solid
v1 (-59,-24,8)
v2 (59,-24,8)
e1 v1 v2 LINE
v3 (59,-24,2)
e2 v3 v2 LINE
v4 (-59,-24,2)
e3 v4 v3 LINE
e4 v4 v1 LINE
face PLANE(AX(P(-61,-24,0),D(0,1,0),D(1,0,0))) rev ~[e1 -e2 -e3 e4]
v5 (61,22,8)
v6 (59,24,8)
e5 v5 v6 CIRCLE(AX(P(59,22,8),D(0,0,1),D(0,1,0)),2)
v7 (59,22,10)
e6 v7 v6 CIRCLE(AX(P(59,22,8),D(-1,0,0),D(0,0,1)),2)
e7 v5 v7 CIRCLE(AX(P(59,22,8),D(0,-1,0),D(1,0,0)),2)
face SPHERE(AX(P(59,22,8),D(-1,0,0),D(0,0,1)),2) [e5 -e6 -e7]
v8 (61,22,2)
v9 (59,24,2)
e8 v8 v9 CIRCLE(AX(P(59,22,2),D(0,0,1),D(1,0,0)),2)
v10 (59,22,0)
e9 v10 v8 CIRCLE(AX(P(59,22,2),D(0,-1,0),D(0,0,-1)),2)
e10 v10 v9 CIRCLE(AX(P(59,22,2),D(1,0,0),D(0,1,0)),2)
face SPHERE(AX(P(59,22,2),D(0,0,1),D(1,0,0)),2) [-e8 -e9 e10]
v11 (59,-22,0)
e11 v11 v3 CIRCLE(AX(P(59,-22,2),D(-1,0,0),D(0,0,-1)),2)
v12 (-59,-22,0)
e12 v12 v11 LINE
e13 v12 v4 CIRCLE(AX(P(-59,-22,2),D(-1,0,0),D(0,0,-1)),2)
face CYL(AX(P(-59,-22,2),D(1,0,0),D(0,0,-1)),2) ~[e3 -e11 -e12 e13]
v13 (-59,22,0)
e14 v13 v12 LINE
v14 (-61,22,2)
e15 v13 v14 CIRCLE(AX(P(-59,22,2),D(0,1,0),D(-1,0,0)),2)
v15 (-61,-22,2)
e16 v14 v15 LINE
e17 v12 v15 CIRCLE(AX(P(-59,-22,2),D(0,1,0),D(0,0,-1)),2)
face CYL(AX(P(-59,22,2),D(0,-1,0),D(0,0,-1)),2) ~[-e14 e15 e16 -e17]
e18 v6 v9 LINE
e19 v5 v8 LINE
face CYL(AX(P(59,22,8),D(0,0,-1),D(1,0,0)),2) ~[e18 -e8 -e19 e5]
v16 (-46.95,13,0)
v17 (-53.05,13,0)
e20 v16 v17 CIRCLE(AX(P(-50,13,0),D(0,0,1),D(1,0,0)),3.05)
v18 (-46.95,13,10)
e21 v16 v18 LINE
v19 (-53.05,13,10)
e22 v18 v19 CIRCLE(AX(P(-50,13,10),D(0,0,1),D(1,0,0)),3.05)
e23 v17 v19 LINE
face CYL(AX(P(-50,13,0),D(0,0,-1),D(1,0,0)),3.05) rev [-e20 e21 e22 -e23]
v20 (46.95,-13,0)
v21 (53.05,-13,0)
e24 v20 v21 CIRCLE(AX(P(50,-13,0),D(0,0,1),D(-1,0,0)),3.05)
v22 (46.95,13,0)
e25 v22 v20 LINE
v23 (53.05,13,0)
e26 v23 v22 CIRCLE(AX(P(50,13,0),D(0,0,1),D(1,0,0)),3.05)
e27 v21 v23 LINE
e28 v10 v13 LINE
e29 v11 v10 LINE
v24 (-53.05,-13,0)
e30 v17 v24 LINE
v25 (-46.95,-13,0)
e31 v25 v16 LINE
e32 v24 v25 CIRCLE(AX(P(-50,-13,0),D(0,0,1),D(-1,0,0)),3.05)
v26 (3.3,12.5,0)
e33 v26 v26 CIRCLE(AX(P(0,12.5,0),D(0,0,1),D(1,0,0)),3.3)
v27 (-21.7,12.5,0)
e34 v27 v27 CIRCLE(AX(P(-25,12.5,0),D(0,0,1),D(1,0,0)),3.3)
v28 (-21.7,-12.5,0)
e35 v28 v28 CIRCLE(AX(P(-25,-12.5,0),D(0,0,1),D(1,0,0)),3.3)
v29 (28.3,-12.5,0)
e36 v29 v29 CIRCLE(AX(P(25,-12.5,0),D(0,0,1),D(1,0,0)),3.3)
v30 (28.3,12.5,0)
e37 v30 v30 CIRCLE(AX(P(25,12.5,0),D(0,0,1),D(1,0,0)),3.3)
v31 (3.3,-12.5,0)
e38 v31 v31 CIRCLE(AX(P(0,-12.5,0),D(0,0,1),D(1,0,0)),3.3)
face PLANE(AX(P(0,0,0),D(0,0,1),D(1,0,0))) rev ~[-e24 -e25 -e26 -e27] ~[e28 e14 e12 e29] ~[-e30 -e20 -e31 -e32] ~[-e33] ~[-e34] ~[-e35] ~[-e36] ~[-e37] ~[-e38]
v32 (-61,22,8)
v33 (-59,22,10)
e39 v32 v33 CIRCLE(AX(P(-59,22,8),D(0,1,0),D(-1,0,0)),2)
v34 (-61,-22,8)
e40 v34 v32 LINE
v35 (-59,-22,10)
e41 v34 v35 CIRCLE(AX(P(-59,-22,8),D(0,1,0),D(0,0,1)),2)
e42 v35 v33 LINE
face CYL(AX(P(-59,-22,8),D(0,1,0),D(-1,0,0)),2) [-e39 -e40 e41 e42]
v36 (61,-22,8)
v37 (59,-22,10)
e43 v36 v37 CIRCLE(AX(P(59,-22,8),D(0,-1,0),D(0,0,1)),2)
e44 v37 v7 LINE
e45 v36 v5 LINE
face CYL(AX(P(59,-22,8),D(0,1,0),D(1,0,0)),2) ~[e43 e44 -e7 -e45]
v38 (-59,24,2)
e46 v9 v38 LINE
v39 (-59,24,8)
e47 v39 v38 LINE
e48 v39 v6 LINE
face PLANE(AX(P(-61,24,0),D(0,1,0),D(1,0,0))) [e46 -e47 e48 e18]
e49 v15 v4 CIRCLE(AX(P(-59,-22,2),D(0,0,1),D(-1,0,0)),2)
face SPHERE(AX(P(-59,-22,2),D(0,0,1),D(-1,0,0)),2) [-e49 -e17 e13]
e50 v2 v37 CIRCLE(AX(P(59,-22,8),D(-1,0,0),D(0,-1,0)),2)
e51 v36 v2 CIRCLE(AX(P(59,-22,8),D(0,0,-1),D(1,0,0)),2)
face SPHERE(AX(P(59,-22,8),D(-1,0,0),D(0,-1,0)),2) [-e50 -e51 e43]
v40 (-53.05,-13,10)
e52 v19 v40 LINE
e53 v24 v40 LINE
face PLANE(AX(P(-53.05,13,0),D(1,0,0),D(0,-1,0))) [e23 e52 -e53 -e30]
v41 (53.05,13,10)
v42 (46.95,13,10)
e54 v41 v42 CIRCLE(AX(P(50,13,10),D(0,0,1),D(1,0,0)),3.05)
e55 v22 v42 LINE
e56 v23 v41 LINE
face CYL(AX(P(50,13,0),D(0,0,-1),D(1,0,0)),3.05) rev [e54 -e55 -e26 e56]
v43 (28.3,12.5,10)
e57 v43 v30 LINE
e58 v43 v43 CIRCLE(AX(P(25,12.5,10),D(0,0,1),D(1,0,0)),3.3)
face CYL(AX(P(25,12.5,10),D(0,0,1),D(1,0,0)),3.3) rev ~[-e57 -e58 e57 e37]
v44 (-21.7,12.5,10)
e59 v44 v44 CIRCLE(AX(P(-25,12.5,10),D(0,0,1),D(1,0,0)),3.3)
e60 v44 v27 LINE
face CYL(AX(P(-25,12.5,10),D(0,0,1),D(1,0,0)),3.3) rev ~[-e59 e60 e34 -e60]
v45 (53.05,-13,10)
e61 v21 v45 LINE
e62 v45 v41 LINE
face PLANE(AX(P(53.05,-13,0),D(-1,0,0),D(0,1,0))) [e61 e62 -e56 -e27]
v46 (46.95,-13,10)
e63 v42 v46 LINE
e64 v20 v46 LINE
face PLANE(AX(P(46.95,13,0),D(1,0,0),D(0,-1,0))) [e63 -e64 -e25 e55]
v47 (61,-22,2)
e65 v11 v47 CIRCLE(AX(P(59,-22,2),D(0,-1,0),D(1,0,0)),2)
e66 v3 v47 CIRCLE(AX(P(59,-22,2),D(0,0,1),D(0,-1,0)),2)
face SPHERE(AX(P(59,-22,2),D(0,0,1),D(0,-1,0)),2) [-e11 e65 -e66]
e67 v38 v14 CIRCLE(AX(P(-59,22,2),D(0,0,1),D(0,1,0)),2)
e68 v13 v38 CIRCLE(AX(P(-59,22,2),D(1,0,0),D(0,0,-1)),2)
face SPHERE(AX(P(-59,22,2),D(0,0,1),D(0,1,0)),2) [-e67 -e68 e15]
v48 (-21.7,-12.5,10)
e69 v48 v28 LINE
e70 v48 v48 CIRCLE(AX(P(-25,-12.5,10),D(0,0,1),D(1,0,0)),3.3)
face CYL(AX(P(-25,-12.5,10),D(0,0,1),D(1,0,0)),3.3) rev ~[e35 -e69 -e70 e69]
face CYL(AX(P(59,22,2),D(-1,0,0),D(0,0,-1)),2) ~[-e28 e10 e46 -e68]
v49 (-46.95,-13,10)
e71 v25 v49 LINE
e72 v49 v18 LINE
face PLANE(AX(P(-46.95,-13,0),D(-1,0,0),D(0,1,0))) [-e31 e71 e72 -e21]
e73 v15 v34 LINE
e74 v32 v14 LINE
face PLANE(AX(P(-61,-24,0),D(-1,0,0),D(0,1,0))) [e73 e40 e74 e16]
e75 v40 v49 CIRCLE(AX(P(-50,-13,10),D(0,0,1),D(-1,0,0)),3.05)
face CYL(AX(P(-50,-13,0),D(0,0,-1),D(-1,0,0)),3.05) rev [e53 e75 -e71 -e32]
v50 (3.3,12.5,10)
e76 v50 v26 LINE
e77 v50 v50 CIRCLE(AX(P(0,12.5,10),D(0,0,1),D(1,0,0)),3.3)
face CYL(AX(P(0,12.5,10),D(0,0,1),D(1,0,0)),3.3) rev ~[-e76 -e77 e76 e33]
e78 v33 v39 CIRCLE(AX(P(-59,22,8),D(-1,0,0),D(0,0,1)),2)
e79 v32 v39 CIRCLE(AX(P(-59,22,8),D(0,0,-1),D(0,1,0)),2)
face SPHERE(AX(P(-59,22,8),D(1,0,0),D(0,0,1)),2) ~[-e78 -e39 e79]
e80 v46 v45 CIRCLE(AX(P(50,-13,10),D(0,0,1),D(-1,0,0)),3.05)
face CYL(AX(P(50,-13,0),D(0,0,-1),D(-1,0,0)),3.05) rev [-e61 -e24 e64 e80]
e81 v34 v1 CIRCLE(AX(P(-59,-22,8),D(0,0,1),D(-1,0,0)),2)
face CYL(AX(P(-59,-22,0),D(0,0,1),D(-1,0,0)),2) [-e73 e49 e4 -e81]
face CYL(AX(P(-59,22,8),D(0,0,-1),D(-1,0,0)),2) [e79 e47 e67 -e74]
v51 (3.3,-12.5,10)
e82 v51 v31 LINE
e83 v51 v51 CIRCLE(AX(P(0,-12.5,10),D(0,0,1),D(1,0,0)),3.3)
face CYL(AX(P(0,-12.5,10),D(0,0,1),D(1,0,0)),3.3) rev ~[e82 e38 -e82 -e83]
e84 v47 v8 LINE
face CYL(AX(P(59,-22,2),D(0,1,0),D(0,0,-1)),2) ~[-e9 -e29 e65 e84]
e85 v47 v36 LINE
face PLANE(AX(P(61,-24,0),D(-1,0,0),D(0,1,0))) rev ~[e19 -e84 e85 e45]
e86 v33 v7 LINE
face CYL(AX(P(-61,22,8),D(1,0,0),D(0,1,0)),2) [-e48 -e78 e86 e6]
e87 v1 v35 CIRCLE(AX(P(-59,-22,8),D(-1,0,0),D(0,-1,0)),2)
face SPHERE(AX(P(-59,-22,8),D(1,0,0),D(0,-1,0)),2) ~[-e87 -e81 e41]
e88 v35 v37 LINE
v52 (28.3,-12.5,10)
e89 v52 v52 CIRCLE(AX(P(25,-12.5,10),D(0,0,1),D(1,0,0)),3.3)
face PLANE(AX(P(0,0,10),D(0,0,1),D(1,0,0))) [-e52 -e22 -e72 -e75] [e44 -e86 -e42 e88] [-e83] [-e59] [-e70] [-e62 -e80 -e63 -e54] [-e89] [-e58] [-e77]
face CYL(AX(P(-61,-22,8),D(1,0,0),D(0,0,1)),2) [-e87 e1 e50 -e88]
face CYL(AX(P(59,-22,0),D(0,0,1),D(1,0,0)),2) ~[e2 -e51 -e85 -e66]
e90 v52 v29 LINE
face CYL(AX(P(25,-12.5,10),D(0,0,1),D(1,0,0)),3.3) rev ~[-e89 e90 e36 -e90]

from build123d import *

# Parameters (mm, degrees)
SKETCH_W    = 122
SKETCH_H    = 48
PAD_DEPTH   = 10
SKETCH001_R = 3.3
HOLE_DEPTH  = 10.001
FILLET_R    = 2
FILLET001_R = 2
FILLET002_R = 2
FILLET003_R = 2
FILLET004_R = 2


with BuildPart() as part:
    # Sketch → Pad (new body)
    with BuildSketch(Plane.XY):
        Rectangle(SKETCH_W, SKETCH_H)
        with BuildLine():
            ThreePointArc((53.05, 13), (50, 16.05), (46.95, 13))
            Line((46.95, 13), (46.95, -13))
            ThreePointArc((46.95, -13), (50, -16.05), (53.05, -13))
            Line((53.05, -13), (53.05, 13))
        make_face(mode=Mode.SUBTRACT)
        with BuildLine():
            ThreePointArc((-46.95, 13), (-50, 16.05), (-53.05, 13))
            Line((-53.05, 13), (-53.05, -13))
            ThreePointArc((-53.05, -13), (-50, -16.05), (-46.95, -13))
            Line((-46.95, -13), (-46.95, 13))
        make_face(mode=Mode.SUBTRACT)
    extrude(amount=PAD_DEPTH)

    # Sketch001 (on Face14 of Pad) → Hole (cut, through all)
    with BuildSketch(Plane.XY.offset(10)):
        with Locations((0, 12.5)):
            Circle(SKETCH001_R)
        with Locations((25, 12.5)):
            Circle(SKETCH001_R)
        with Locations((0, -12.5)):
            Circle(SKETCH001_R)
        with Locations((25, -12.5)):
            Circle(SKETCH001_R)
        with Locations((-25, 12.5)):
            Circle(SKETCH001_R)
        with Locations((-25, -12.5)):
            Circle(SKETCH001_R)
    extrude(amount=-HOLE_DEPTH, mode=Mode.SUBTRACT)

    # Fillet
    fillet_edges = [part.edges().sort_by_distance(p)[0] for p in [
        (0, 24, 10),
    ]]
    fillet(fillet_edges, radius=FILLET_R)

    # Fillet001
    fillet001_edges = [part.edges().sort_by_distance(p)[0] for p in [
        (0, -24, 10),
    ]]
    fillet(fillet001_edges, radius=FILLET001_R)

    # Fillet002
    fillet002_edges = [part.edges().sort_by_distance(p)[0] for p in [
        (-61, 0, 10),
    ]]
    fillet(fillet002_edges, radius=FILLET002_R)

    # Fillet003
    fillet003_edges = [part.edges().sort_by_distance(p)[0] for p in [
        (61, 0, 10),
    ]]
    fillet(fillet003_edges, radius=FILLET003_R)

    # Fillet004
    fillet004_edges = [part.edges().sort_by_distance(p)[0] for p in [
        (0, -24, 0),
    ]]
    fillet(fillet004_edges, radius=FILLET004_R)


solid = part.part
